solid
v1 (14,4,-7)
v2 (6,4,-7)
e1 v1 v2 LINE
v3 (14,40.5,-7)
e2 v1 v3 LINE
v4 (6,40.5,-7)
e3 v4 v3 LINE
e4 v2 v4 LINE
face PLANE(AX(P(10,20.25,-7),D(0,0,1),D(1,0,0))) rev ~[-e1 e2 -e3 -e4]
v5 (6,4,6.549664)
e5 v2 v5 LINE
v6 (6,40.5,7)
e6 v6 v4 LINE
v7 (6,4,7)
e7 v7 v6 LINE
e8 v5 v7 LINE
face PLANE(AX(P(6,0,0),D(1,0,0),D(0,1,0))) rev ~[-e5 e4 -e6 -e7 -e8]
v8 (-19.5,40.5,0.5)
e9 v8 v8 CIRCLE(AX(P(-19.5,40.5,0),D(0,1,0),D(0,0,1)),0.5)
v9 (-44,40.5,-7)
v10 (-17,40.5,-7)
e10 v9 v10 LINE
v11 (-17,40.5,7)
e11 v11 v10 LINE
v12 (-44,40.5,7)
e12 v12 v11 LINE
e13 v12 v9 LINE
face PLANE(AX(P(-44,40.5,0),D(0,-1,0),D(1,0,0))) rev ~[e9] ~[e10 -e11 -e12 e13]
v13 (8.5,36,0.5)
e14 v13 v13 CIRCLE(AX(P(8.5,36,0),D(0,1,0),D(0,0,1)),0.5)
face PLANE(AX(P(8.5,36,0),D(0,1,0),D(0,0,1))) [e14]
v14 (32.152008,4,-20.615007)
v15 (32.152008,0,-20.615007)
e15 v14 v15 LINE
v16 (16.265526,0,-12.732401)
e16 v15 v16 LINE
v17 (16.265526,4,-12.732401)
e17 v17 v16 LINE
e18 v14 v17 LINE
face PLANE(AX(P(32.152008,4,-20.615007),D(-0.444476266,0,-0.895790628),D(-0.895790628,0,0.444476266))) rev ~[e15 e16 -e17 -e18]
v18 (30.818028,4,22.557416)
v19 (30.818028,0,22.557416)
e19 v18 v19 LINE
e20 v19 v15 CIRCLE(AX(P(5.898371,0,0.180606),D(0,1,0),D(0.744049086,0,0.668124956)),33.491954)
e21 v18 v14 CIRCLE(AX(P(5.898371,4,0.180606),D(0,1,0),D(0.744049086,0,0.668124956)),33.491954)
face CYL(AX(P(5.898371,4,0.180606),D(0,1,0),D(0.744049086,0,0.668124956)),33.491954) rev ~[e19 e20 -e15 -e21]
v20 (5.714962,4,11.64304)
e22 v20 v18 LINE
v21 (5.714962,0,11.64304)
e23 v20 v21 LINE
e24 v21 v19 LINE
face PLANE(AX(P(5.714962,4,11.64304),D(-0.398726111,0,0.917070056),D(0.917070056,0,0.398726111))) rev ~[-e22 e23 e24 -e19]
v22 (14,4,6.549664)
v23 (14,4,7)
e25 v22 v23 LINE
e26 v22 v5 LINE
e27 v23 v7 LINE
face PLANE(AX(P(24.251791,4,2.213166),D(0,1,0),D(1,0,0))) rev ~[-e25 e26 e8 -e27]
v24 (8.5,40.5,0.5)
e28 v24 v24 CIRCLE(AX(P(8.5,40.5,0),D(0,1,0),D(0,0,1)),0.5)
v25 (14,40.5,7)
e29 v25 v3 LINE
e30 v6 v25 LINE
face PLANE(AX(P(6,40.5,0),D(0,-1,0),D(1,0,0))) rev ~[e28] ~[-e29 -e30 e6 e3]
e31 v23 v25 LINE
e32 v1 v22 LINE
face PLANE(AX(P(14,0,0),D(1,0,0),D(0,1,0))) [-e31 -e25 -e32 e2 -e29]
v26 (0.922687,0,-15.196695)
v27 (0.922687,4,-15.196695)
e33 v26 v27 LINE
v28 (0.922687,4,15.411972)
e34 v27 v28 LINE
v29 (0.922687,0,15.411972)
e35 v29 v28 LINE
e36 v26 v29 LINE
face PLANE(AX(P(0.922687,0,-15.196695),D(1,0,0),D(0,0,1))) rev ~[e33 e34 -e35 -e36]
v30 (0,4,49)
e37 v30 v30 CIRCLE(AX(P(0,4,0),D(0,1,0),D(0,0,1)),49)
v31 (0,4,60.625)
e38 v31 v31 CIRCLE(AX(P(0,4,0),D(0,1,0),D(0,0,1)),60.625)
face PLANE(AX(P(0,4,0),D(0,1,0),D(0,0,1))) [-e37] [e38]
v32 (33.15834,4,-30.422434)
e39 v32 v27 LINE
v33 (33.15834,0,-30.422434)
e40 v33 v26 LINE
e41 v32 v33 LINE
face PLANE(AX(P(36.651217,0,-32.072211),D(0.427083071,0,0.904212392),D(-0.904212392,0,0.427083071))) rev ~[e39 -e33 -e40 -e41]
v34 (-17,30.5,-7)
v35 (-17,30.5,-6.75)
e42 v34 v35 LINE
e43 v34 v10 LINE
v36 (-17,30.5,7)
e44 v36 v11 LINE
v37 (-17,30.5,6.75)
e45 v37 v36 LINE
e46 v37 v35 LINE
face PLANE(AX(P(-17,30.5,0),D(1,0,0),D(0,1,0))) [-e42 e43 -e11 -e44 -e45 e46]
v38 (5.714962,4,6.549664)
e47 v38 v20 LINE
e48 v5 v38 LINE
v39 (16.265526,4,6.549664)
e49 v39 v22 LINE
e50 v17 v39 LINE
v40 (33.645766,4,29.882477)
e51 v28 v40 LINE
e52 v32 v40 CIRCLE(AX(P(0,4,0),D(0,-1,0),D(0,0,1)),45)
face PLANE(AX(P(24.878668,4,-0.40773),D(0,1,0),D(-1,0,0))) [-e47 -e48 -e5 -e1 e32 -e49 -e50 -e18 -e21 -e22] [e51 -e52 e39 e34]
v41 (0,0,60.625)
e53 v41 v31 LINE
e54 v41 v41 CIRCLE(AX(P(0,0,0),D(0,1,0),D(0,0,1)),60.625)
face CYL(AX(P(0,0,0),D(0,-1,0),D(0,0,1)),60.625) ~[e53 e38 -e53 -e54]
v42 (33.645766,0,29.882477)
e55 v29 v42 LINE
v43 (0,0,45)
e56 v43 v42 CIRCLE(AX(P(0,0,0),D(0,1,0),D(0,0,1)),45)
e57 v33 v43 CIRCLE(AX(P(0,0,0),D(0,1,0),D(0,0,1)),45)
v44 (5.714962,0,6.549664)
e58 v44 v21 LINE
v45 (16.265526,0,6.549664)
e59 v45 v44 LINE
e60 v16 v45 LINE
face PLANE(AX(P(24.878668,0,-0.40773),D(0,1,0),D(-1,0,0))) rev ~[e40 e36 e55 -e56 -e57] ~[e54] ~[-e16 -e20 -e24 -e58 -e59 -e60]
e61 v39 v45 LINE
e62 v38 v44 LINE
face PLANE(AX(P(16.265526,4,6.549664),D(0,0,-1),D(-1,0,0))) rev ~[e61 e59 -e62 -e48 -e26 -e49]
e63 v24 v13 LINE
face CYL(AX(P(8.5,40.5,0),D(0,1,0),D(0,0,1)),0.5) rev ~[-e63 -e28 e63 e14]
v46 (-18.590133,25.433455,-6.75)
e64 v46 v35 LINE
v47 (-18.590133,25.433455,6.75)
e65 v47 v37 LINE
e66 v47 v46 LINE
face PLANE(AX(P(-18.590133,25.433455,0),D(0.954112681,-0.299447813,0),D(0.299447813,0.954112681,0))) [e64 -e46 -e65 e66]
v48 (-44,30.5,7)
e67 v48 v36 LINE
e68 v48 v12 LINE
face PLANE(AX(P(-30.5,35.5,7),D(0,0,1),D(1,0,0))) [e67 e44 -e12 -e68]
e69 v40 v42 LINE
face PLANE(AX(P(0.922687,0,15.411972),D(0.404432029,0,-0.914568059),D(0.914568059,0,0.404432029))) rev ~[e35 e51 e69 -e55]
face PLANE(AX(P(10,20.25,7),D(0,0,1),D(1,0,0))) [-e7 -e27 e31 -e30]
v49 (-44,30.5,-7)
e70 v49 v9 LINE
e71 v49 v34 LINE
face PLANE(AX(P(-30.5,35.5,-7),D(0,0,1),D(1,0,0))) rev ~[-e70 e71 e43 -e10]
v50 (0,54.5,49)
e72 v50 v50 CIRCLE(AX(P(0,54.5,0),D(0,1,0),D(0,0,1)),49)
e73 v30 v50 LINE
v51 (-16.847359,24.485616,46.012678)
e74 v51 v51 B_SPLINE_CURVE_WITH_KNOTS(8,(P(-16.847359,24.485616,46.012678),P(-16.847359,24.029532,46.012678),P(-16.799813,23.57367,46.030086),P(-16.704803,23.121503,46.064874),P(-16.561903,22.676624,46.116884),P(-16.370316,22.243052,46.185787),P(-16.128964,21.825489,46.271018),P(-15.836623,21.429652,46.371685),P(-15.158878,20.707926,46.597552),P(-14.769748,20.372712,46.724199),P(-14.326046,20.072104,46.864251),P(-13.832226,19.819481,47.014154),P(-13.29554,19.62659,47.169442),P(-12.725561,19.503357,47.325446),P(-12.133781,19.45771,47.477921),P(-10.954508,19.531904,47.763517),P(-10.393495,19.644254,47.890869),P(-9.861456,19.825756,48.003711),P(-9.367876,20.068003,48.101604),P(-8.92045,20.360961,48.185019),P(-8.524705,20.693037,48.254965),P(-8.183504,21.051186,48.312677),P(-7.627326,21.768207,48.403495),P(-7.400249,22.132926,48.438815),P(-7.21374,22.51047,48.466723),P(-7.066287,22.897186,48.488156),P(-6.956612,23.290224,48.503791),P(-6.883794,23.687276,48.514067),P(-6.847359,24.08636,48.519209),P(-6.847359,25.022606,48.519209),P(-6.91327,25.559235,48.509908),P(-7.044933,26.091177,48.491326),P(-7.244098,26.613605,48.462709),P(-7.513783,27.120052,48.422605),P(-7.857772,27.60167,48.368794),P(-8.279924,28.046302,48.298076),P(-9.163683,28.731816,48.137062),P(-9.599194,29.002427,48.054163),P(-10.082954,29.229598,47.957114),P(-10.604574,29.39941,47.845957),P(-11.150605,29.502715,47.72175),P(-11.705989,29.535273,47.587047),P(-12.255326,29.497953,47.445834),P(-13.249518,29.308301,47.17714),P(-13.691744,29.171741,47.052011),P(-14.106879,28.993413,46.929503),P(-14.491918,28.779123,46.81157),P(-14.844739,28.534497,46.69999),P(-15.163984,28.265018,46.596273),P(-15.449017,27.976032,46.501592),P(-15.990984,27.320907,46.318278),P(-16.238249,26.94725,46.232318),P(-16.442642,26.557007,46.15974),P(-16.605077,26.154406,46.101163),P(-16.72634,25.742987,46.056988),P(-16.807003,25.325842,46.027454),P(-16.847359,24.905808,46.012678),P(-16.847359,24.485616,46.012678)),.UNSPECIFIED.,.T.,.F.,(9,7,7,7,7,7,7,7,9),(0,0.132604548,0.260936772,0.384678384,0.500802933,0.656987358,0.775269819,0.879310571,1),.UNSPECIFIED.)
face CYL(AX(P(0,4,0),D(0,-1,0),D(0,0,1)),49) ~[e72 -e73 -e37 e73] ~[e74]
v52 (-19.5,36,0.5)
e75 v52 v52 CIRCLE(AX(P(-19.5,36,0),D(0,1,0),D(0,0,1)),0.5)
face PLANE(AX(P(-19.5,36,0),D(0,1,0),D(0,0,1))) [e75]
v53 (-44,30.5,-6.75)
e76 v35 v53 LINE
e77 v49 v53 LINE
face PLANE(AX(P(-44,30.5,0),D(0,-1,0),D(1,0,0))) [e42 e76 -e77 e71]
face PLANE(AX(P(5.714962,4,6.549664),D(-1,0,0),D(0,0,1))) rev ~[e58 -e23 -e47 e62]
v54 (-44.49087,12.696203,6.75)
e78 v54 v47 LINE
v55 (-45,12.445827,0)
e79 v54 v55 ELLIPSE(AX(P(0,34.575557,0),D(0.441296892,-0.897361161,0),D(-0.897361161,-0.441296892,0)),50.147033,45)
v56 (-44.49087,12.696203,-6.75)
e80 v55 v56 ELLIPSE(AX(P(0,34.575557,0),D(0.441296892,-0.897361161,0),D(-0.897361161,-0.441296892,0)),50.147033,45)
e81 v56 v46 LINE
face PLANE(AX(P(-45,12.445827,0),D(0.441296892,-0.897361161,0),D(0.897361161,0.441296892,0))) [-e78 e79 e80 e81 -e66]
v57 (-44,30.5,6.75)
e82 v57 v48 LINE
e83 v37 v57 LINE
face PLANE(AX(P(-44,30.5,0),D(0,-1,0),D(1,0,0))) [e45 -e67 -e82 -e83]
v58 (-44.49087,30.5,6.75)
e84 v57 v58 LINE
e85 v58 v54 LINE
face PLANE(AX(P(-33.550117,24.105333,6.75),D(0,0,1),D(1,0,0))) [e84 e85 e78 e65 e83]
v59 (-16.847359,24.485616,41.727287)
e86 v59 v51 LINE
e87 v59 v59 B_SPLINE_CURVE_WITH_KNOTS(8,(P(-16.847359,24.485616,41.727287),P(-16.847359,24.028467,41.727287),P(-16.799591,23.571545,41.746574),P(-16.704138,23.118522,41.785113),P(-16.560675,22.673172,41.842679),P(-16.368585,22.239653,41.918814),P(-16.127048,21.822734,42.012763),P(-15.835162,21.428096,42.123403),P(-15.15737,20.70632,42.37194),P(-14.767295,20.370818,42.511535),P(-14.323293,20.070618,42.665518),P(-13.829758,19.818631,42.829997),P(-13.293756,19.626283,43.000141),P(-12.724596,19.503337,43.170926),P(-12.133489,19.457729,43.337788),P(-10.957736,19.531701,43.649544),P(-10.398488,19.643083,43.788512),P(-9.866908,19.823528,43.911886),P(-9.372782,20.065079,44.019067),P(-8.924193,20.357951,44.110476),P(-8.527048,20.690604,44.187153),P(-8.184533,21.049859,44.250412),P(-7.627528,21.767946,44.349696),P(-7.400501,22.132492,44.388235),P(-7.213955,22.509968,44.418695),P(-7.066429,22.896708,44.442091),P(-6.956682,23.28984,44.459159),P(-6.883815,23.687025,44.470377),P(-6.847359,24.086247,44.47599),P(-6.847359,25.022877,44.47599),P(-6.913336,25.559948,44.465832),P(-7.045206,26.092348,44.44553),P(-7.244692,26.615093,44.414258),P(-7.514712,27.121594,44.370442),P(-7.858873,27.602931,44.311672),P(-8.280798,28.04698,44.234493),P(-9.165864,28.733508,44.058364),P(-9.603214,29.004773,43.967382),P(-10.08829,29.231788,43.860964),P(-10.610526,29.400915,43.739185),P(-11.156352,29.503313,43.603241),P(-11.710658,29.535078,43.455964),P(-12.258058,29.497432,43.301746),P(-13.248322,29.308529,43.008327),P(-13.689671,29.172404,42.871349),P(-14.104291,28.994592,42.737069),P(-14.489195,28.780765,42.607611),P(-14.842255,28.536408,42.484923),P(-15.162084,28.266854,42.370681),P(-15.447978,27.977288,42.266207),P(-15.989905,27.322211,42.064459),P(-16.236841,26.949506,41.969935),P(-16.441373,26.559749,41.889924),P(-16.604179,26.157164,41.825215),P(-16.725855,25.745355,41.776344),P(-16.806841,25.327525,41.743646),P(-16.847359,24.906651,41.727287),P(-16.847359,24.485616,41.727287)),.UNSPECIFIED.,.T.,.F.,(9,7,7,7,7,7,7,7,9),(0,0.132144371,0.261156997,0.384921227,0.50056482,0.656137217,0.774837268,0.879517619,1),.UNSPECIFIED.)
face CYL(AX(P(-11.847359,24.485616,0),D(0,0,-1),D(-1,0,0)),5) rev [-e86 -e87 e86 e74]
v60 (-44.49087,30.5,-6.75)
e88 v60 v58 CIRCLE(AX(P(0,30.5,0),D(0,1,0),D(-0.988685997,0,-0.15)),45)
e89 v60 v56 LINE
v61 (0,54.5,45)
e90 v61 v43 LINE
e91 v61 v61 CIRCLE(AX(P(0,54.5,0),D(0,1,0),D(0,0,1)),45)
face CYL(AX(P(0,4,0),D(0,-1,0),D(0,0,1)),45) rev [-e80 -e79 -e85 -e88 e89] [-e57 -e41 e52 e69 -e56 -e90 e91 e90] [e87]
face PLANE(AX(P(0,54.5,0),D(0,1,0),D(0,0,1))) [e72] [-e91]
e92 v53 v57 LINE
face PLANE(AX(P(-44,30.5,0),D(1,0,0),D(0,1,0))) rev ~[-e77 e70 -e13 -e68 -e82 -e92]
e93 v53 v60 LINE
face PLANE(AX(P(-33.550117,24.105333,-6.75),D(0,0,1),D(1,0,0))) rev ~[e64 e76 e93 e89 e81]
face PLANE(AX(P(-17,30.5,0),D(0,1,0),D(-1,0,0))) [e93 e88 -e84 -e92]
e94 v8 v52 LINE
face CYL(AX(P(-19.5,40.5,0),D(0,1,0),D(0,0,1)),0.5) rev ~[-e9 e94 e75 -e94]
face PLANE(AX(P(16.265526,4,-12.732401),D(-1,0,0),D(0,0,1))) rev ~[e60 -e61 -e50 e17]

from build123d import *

# Parameters (mm, degrees)
SKETCH1_R             = 60.625
SKETCH1_R_2           = 45
BOSS_EXTRUDE1_DEPTH   = 4
SKETCH2_R             = 49
SKETCH2_R_2           = 45
BOSS_EXTRUDE2_DEPTH   = 50.5
SKETCH4_W             = 8
SKETCH4_H             = 40.5
BOSS_EXTRUDE4_DEPTH   = 7
SKETCH4_W_2           = 27
SKETCH4_H_2           = 10
BOSS_EXTRUDE4_2_DEPTH = 7
BOSS_EXTRUDE5_DEPTH   = 4
SKETCH6_R             = 5
CUT_EXTRUDE2_DEPTH    = 52
CUT_EXTRUDE6_DEPTH    = 100.503925853
SKETCH15_R            = 0.5
CUT_EXTRUDE7_DEPTH    = 4.5
SKETCH15_3_R          = 0.5
CUT_EXTRUDE8_DEPTH    = 4.5
BOSS_EXTRUDE6_DEPTH   = 6.75


with BuildPart() as part:
    # Sketch1 → Boss-Extrude1 (new body)
    with BuildSketch(Plane(origin=(0, 0, 0), x_dir=(1, 0, 0), z_dir=(0, 1, 0))):
        with Locations(Location((0, 0, 0), (0, 0, 270))):
            Circle(SKETCH1_R)
        with Locations(Location((0, 0, 0), (0, 0, 270))):
            Circle(SKETCH1_R_2, mode=Mode.SUBTRACT)
    extrude(amount=BOSS_EXTRUDE1_DEPTH)

    # Sketch2 → Boss-Extrude2 (add)
    with BuildSketch(Plane(origin=(0, 4, 0), x_dir=(1, 0, 0), z_dir=(0, 1, 0))):
        with Locations(Location((0, 0, 0), (0, 0, 270))):
            Circle(SKETCH2_R)
        with Locations(Location((0, 0, 0), (0, 0, 270))):
            Circle(SKETCH2_R_2, mode=Mode.SUBTRACT)
    extrude(amount=BOSS_EXTRUDE2_DEPTH)



with BuildPart() as body_2:
    # Sketch4 → Boss-Extrude4 (new, symmetric)
    with BuildSketch(Plane.XY):
        with Locations((10, 20.25)):
            Rectangle(SKETCH4_W, SKETCH4_H)
    extrude(amount=BOSS_EXTRUDE4_DEPTH, both=True)


with BuildPart() as body_3:
    # Sketch4 → Boss-Extrude4 2 (new, symmetric)
    with BuildSketch(Plane.XY):
        with Locations((-30.5, 35.5)):
            Rectangle(SKETCH4_W_2, SKETCH4_H_2)
    extrude(amount=BOSS_EXTRUDE4_2_DEPTH, both=True)

    # Sketch15<3> → Cut-Extrude8 (cut)
    with BuildSketch(Plane(origin=(0, 40.5, 0), x_dir=(1, 0, 0), z_dir=(0, 1, 0))):
        with Locations(Location((-19.5, 0, 0), (0, 0, 270))):
            Circle(SKETCH15_3_R)
        with Locations(Location((8.5, 0, 0), (0, 0, 270))):
            Circle(SKETCH15_3_R)
    extrude(amount=-CUT_EXTRUDE8_DEPTH, mode=Mode.SUBTRACT)


with BuildPart() as part_1:
    add(part.part)

    add(body_2.part)  # Boss-Extrude5 merges body 2
    # Sketch5 → Boss-Extrude5 (add)
    with BuildSketch(Plane(origin=(0, 0, 0.832419338), x_dir=(1, 0, 0), z_dir=(0, -1, 0))):
        with BuildLine():
            Line((0.92268666, 14.579552818), (36.10584122, 30.137929754))
            ThreePointArc((36.10584122, 30.137929754), (47.46850162, -1.287411864), (36.651216878, -32.904630242))
            Line((36.651216878, -32.904630242), (0.92268666, -16.029114558))
            Line((0.92268666, -16.029114558), (0.92268666, 14.579552818))
        make_face()
    extrude(amount=-BOSS_EXTRUDE5_DEPTH)

    # Sketch6 → Cut-Extrude2 (cut)
    with BuildSketch(Plane.XY):
        with Locations(Location((-11.847358964, 24.485616242, 0), (0, 0, 180))):
            Circle(SKETCH6_R)
    extrude(amount=CUT_EXTRUDE2_DEPTH, mode=Mode.SUBTRACT)

    # Sketch11 → Cut-Extrude6 (cut, through all)
    with BuildSketch(Plane(origin=(0, 4, 0), x_dir=(1, 0, 0), z_dir=(0, 1, 0))):
        with BuildLine():
            Line((16.265526008, 12.732401326), (16.265526008, -6.549664017))
            Line((16.265526008, -6.549664017), (5.714961953, -6.549664017))
            Line((5.714961953, -6.549664017), (5.714961953, -11.643039768))
            Line((5.714961953, -11.643039768), (30.818028154, -22.557416377))
            ThreePointArc((30.818028154, -22.557416377), (39.374347706, -1.214976289), (32.152007517, 20.615006655))
            Line((32.152007517, 20.615006655), (16.265526008, 12.732401326))
        make_face()
    extrude(amount=-CUT_EXTRUDE6_DEPTH, mode=Mode.SUBTRACT)

    # Sketch15 → Cut-Extrude7 (cut)
    with BuildSketch(Plane(origin=(0, 40.5, 0), x_dir=(1, 0, 0), z_dir=(0, 1, 0))):
        with Locations((-19.5, 0)):
            Circle(SKETCH15_R)
        with Locations(Location((8.5, 0, 0), (0, 0, 270))):
            Circle(SKETCH15_R)
    extrude(amount=-CUT_EXTRUDE7_DEPTH, mode=Mode.SUBTRACT)


    add(body_3.part)  # Boss-Extrude6 merges body 3
    # Sketch17 → Boss-Extrude6 (add, symmetric)
    with BuildSketch(Plane.XY):
        Polygon((-17, 30.5), (-45, 30.5), (-45, 12.445827276), (-18.590132897, 25.433454532), align=None)
    extrude(amount=BOSS_EXTRUDE6_DEPTH, both=True)


solid = part_1.part
